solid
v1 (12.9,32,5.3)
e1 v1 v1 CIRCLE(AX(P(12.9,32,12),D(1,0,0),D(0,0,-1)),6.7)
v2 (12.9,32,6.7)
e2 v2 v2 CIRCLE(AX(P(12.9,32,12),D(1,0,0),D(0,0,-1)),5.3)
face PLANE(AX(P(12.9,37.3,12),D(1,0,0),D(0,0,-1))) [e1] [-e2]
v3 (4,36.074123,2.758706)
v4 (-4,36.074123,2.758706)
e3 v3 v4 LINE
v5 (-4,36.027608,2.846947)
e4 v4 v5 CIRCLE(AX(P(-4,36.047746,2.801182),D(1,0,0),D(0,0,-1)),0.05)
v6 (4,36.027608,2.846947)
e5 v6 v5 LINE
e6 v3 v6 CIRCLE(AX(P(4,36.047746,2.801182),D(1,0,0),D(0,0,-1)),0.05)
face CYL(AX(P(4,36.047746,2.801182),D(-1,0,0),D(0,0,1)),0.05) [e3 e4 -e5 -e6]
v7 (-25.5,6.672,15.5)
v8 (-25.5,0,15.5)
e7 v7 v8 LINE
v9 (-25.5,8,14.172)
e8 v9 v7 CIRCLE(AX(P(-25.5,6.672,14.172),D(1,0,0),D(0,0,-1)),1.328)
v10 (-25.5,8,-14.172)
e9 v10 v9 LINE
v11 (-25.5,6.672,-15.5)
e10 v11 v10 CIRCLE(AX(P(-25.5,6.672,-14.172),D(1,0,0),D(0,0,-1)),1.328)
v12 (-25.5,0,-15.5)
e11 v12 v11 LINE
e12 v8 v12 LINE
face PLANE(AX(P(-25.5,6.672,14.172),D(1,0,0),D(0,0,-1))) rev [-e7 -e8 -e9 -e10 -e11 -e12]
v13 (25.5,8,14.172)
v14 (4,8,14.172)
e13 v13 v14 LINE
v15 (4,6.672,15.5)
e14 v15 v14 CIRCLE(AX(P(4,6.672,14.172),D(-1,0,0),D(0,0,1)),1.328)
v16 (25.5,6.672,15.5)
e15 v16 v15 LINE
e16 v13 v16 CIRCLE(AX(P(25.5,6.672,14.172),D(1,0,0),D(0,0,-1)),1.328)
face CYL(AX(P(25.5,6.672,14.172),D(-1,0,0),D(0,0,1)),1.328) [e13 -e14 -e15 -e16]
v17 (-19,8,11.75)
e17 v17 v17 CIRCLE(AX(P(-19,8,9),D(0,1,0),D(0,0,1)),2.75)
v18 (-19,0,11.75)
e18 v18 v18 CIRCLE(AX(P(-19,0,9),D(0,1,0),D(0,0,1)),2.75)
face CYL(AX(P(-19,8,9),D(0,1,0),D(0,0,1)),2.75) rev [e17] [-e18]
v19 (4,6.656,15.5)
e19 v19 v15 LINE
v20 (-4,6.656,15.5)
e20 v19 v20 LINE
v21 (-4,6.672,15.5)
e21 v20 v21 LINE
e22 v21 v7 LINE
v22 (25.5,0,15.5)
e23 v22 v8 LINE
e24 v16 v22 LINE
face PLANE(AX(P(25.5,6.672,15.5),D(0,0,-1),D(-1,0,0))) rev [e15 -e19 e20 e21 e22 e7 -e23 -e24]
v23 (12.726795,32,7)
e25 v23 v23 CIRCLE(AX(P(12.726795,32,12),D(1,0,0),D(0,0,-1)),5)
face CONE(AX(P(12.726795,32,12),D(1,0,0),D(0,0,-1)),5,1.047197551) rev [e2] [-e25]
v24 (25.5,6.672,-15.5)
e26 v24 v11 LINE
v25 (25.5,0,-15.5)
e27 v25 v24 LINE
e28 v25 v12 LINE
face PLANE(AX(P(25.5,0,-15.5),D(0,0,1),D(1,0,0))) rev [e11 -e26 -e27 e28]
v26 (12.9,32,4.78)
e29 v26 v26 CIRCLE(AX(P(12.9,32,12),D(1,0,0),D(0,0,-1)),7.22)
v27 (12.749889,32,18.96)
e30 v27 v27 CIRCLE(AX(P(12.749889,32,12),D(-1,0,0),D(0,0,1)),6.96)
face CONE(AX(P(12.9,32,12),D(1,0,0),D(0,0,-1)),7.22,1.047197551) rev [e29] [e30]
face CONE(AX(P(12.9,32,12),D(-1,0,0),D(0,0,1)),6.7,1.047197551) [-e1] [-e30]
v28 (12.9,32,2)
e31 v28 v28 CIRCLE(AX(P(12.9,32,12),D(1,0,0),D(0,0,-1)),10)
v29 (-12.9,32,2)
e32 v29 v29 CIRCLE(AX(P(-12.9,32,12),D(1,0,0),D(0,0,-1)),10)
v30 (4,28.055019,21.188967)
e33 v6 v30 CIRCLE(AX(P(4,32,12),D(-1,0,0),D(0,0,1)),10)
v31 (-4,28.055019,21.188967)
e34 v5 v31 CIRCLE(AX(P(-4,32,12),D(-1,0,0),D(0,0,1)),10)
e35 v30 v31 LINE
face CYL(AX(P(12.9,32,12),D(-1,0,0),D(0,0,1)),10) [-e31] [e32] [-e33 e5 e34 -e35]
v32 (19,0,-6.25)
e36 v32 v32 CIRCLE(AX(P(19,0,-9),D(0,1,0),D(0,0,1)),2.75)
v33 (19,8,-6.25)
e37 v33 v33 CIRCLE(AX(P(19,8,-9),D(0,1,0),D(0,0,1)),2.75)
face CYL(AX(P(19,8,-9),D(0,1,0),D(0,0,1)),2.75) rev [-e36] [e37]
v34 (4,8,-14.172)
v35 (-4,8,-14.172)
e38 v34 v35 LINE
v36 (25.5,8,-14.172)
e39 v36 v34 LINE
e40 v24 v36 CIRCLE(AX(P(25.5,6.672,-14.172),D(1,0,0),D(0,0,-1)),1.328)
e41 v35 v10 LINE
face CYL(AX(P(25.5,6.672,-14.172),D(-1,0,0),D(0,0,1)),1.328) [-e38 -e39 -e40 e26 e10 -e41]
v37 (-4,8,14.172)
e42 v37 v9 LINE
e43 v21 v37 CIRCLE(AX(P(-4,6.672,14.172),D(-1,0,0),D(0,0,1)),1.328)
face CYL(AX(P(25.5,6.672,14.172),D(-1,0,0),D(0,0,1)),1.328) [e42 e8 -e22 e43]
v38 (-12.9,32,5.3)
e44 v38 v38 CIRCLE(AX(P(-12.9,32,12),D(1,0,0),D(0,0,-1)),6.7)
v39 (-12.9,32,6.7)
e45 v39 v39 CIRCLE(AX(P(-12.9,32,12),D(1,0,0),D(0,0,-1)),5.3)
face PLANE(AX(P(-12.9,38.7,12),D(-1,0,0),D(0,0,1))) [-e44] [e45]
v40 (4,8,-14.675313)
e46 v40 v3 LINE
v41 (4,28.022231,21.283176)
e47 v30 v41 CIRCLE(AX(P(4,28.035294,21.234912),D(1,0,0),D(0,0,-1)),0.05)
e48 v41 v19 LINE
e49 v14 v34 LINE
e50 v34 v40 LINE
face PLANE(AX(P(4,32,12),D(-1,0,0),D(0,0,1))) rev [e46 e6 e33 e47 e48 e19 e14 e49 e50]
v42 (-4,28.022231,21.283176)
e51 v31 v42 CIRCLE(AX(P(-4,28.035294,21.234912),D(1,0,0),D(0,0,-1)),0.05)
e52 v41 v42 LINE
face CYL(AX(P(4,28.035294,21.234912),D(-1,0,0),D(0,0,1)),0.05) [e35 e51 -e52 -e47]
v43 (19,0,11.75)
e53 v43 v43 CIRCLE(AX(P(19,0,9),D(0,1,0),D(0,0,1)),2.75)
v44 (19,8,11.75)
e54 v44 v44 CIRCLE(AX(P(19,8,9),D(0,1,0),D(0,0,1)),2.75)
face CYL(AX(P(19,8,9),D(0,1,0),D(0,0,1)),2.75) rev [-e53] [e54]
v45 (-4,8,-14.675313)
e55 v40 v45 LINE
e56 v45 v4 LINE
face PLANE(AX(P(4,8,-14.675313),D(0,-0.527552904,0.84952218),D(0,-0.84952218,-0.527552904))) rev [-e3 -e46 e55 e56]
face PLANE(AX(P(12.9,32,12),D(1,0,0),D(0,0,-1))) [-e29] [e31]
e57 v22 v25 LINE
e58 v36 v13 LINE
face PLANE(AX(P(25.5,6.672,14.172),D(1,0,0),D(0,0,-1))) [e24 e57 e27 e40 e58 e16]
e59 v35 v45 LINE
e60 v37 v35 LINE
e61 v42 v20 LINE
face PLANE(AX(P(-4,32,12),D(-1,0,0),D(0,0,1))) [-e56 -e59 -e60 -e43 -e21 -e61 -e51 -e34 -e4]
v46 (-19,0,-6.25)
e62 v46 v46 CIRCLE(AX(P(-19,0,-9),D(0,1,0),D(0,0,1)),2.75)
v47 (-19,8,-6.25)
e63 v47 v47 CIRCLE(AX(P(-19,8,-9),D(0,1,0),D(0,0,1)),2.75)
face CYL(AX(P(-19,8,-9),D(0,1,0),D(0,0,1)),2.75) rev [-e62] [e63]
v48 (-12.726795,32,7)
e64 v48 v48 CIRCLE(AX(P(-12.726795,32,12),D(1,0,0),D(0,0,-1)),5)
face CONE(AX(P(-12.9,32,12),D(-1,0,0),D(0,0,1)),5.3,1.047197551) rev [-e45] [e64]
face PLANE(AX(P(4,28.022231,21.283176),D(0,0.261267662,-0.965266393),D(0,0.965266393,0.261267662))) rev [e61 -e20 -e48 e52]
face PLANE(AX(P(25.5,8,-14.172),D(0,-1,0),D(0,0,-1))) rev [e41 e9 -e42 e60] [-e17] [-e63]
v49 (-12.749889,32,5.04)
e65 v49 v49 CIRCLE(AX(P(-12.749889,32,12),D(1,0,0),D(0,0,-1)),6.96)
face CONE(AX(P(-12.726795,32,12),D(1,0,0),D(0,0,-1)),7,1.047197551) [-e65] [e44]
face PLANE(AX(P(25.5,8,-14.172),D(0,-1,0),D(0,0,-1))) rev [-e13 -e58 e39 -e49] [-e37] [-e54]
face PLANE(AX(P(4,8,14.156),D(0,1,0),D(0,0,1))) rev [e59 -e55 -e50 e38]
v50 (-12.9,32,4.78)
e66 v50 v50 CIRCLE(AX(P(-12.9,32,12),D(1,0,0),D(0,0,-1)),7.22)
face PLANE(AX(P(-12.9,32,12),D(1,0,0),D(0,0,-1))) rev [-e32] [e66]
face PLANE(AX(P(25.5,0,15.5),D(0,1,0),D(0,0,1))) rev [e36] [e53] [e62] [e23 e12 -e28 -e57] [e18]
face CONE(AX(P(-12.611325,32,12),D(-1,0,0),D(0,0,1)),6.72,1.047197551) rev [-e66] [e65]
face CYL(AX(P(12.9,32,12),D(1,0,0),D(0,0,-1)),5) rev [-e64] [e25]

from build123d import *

# Parameters (mm, degrees)
BOSS_EXTRUDE1_DEPTH      = 25.5
BOSS_EXTRUDE1_DEPTH_BACK = 25.5
BOSS_EXTRUDE2_DEPTH      = 4
BOSS_EXTRUDE2_DEPTH_BACK = 4
BOSS_EXTRUDE3_DEPTH      = 12.9
BOSS_EXTRUDE3_DEPTH_BACK = 12.9
SKETCH3_R                = 10
SKETCH4_W                = 2.75
SKETCH4_H                = 8
SKETCH5_W                = 2.75
SKETCH5_H                = 8
SKETCH6_W                = 2.75
SKETCH6_H                = 8
SKETCH7_W                = 2.75
SKETCH7_H                = 8


with BuildPart() as part:
    # Sketch1 → Boss-Extrude1 (new, two sides: drawn at the far end of the back side and taken through both)
    with BuildSketch(Plane(origin=(0, 0, 0), x_dir=(0, 0, -1), z_dir=(1, 0, 0)).offset(-BOSS_EXTRUDE1_DEPTH_BACK)):
        with BuildLine():
            Line((-15.5, 6.672), (-15.5, 0))
            Line((-15.5, 0), (15.5, 0))
            Line((15.5, 0), (15.5, 6.672))
            ThreePointArc((15.5, 6.672), (15.111037805, 7.611037805), (14.172, 8))
            Line((14.172, 8), (-14.172, 8))
            ThreePointArc((-14.172, 8), (-15.111037805, 7.611037805), (-15.5, 6.672))
        make_face()
    extrude(amount=BOSS_EXTRUDE1_DEPTH + BOSS_EXTRUDE1_DEPTH_BACK)

    # Sketch2 → Boss-Extrude2 (add, two sides: drawn at the far end of the back side and taken through both)
    with BuildSketch(Plane(origin=(0, 0, 0), x_dir=(0, 0, -1), z_dir=(1, 0, 0)).offset(-BOSS_EXTRUDE2_DEPTH_BACK)):
        with BuildLine():
            Line((-21.283175656, 28.022230556), (-15.5, 6.656))
            ThreePointArc((-15.5, 6.656), (-15.106351514, 7.606351514), (-14.156, 8))
            Line((-14.156, 8), (14.675312578, 8))
            Line((14.675312578, 8), (-2.758705731, 36.074123248))
            ThreePointArc((-2.758705731, 36.074123248), (-2.824497754, 36.091976454), (-2.846947105, 36.027607565))
            ThreePointArc((-2.846947105, 36.027607565), (-8.013665194, 22.828896751), (-21.188967498, 28.055018845))
            ThreePointArc((-21.188967498, 28.055018845), (-21.251347415, 28.082515631), (-21.283175656, 28.022230556))
        make_face()
    extrude(amount=BOSS_EXTRUDE2_DEPTH + BOSS_EXTRUDE2_DEPTH_BACK)

    # Sketch3 → Boss-Extrude3 (add, two sides: drawn at the far end of the back side and taken through both)
    with BuildSketch(Plane(origin=(0, 0, 0), x_dir=(0, 0, -1), z_dir=(1, 0, 0)).offset(-BOSS_EXTRUDE3_DEPTH_BACK)):
        with Locations((-12, 32)):
            Circle(SKETCH3_R)
    extrude(amount=BOSS_EXTRUDE3_DEPTH + BOSS_EXTRUDE3_DEPTH_BACK)

    # Sketch4 → Cut-Revolve1 (revolve, cut)
    with BuildSketch(Plane.XY.offset(9)):
        with Locations((-20.375, 4)):
            Rectangle(SKETCH4_W, SKETCH4_H)
    revolve(axis=Axis((-19, 8, 9), (0, -1, 0)), mode=Mode.SUBTRACT)

    # Sketch5 → Cut-Revolve2 (revolve, cut)
    with BuildSketch(Plane.XY.offset(9)):
        with Locations((17.625, 4)):
            Rectangle(SKETCH5_W, SKETCH5_H)
    revolve(axis=Axis((19, 8, 9), (0, -1, 0)), mode=Mode.SUBTRACT)

    # Sketch6 → Cut-Revolve3 (revolve, cut)
    with BuildSketch(Plane.XY.offset(-9)):
        with Locations((-20.375, 4)):
            Rectangle(SKETCH6_W, SKETCH6_H)
    revolve(axis=Axis((-19, 8, -9), (0, -1, 0)), mode=Mode.SUBTRACT)

    # Sketch7 → Cut-Revolve4 (revolve, cut)
    with BuildSketch(Plane.XY.offset(-9)):
        with Locations((17.625, 4)):
            Rectangle(SKETCH7_W, SKETCH7_H)
    revolve(axis=Axis((19, 8, -9), (0, -1, 0)), mode=Mode.SUBTRACT)

    # Sketch8 → Cut-Revolve5 (revolve, cut)
    with BuildSketch(Plane.XY.offset(12)):
        Polygon((-12.9, 32), (-12.9, 39.22), (-12.611324865, 38.72), (12.611324865, 38.72), (12.9, 39.22), (12.9, 32), align=None)
    revolve(axis=Axis((12.9, 32, 12), (-1, 0, 0)), mode=Mode.SUBTRACT)

    # Sketch9 → Revolve1 (revolve)
    with BuildSketch(Plane.XY.offset(12)):
        Polygon((-12.9, 37.3), (-12.726794919, 37), (12.726794919, 37), (12.9, 37.3), (12.9, 38.7), (12.726794919, 39), (-12.726794919, 39), (-12.9, 38.7), align=None)
    revolve(axis=Axis((12.9, 32, 12), (-1, 0, 0)))


solid = part.part
